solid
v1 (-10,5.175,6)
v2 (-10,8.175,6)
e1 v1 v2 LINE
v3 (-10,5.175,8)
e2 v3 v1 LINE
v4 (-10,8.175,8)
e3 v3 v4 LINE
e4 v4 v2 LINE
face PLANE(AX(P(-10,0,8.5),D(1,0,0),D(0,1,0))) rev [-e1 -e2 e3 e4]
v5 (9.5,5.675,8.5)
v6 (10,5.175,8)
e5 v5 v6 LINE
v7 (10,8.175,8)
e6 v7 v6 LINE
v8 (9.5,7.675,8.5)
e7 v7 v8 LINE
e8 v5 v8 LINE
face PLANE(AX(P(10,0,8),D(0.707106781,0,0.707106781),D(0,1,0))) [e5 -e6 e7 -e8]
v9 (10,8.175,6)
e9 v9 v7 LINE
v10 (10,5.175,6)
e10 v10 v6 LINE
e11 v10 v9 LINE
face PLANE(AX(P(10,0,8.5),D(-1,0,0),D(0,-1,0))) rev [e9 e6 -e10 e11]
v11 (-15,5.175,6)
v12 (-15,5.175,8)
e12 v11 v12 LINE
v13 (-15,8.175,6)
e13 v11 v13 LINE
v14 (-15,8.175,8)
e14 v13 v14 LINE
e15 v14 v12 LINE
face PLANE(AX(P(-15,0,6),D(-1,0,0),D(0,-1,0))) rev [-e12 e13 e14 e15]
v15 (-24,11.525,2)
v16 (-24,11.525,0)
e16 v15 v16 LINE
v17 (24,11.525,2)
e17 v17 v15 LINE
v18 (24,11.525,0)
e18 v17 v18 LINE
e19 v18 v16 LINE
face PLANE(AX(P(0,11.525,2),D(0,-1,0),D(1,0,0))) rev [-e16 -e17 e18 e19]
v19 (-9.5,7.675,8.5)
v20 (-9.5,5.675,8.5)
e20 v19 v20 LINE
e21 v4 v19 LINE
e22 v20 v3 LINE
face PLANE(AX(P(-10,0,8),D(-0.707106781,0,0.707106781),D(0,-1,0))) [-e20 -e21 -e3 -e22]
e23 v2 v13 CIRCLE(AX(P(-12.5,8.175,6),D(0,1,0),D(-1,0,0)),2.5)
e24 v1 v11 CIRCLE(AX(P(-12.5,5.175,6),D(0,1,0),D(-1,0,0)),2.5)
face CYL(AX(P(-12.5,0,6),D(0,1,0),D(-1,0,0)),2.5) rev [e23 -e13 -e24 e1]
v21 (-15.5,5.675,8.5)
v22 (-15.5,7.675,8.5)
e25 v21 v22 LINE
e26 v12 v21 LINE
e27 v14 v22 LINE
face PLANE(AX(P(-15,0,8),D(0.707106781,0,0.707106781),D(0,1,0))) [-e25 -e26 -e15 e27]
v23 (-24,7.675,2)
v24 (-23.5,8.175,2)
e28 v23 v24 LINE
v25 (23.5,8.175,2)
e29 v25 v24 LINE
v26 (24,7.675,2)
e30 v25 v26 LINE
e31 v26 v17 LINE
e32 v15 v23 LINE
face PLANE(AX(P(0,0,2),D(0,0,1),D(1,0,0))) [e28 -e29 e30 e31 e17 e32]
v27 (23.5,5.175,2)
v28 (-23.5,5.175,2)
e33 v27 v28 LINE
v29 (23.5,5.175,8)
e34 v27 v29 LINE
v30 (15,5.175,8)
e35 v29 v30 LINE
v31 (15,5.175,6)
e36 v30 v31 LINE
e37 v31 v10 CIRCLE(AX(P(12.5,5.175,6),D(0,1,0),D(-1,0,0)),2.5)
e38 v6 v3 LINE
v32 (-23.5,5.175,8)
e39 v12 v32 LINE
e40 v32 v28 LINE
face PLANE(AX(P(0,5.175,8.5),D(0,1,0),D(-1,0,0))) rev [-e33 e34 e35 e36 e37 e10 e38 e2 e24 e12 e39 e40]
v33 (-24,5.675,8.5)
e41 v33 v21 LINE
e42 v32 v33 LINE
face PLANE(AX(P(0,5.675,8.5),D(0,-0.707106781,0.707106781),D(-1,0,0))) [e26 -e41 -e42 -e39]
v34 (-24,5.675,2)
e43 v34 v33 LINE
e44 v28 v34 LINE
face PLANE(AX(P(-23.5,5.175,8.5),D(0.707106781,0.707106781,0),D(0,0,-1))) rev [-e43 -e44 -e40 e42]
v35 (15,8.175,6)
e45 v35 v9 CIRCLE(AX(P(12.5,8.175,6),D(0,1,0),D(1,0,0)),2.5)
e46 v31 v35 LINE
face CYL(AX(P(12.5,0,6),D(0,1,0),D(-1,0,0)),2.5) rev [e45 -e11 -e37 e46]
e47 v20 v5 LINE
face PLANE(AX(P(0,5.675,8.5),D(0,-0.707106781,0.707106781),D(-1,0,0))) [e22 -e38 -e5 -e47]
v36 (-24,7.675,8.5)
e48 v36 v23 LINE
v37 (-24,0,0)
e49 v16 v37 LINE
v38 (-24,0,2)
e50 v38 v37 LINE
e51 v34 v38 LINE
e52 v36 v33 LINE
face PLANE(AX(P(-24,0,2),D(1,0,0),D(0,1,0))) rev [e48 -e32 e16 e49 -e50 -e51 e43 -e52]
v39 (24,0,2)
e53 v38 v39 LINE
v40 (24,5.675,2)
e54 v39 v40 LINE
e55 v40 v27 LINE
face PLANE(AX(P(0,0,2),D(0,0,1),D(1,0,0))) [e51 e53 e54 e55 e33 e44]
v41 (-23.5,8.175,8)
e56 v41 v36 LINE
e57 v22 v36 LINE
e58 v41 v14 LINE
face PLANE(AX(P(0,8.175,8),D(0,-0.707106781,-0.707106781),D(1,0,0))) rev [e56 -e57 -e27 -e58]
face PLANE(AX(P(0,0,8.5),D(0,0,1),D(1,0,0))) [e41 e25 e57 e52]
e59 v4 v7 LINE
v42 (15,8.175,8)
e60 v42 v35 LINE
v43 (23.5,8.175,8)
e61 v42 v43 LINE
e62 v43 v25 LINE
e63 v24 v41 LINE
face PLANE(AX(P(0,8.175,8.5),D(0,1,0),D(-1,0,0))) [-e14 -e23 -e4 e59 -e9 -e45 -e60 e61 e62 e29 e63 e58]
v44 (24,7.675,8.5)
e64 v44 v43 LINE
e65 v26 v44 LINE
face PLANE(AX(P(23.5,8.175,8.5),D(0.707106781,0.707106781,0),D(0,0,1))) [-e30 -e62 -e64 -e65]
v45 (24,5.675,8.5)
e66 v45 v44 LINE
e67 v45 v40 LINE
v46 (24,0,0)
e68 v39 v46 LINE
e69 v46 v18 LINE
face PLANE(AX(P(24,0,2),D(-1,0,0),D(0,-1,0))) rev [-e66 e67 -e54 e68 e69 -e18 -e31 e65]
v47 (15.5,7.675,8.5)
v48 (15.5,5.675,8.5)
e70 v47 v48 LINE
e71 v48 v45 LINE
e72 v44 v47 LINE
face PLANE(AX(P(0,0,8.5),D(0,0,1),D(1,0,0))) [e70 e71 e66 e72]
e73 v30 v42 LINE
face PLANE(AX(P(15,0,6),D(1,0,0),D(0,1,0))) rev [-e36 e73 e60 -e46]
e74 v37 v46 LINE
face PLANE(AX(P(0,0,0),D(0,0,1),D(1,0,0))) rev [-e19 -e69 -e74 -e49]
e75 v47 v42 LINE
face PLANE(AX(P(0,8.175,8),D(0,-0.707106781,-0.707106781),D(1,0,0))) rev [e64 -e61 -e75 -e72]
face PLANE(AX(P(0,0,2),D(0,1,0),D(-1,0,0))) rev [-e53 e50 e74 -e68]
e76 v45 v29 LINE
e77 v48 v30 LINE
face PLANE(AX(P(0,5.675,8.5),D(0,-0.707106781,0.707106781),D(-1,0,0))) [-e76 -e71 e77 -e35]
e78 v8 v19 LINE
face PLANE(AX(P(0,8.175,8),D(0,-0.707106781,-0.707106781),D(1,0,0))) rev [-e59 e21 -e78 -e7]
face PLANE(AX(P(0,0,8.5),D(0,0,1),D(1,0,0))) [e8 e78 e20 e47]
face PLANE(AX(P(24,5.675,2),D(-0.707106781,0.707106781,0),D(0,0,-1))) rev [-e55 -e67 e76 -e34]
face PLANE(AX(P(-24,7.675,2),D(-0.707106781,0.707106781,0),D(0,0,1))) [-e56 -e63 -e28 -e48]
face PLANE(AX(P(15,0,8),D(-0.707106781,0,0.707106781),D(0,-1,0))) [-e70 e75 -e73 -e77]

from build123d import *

# Parameters (mm, degrees)
SKETCH1_W           = 48
SKETCH1_H           = 11.525
BOSS_EXTRUDE1_DEPTH = 2
SKETCH1_3_W         = 48
SKETCH1_3_H         = 3
BOSS_EXTRUDE2_DEPTH = 8.5
CUT_EXTRUDE1_DEPTH  = 27.740991474
CHAMFER1_SIZE       = 0.5


with BuildPart() as part:
    # Sketch1 → Boss-Extrude1 (new body)
    with BuildSketch(Plane.XY):
        with Locations((0, 5.7625)):
            Rectangle(SKETCH1_W, SKETCH1_H)
    extrude(amount=BOSS_EXTRUDE1_DEPTH)

    # Sketch1<3> → Boss-Extrude2 (add)
    with BuildSketch(Plane.XY):
        with Locations((0, 6.675)):
            Rectangle(SKETCH1_3_W, SKETCH1_3_H)
    extrude(amount=BOSS_EXTRUDE2_DEPTH)

    # Sketch2 → Cut-Extrude1 (cut, through all)
    with BuildSketch(Plane(origin=(0, 8.175, 0), x_dir=(1, 0, 0), z_dir=(0, 1, 0))):
        with BuildLine():
            Line((-15, -6), (-15, -8.5))
            Line((-15, -8.5), (-10, -8.5))
            Line((-10, -8.5), (-10, -6))
            ThreePointArc((-10, -6), (-12.5, -3.5), (-15, -6))
        make_face()
        with BuildLine():
            Line((10, -8.5), (10, -6))
            ThreePointArc((10, -6), (12.5, -3.5), (15, -6))
            Line((15, -6), (15, -8.5))
            Line((15, -8.5), (10, -8.5))
        make_face()
    extrude(amount=-CUT_EXTRUDE1_DEPTH, mode=Mode.SUBTRACT)

    # Chamfer1
    chamfer1_edges = [part.edges().sort_by_distance(p)[0] for p in [
        (-24, 5.175, 5.25),
        (-19.5, 5.175, 8.5),
        (-15, 6.675, 8.5),
        (-24, 8.175, 5.25),
        (-19.5, 8.175, 8.5),
        (10, 6.675, 8.5),
        (0, 5.175, 8.5),
        (-10, 6.675, 8.5),
        (0, 8.175, 8.5),
        (24, 5.175, 5.25),
        (19.5, 5.175, 8.5),
        (15, 6.675, 8.5),
        (19.5, 8.175, 8.5),
        (24, 8.175, 5.25),
    ]]
    chamfer(chamfer1_edges, length=CHAMFER1_SIZE)


solid = part.part
